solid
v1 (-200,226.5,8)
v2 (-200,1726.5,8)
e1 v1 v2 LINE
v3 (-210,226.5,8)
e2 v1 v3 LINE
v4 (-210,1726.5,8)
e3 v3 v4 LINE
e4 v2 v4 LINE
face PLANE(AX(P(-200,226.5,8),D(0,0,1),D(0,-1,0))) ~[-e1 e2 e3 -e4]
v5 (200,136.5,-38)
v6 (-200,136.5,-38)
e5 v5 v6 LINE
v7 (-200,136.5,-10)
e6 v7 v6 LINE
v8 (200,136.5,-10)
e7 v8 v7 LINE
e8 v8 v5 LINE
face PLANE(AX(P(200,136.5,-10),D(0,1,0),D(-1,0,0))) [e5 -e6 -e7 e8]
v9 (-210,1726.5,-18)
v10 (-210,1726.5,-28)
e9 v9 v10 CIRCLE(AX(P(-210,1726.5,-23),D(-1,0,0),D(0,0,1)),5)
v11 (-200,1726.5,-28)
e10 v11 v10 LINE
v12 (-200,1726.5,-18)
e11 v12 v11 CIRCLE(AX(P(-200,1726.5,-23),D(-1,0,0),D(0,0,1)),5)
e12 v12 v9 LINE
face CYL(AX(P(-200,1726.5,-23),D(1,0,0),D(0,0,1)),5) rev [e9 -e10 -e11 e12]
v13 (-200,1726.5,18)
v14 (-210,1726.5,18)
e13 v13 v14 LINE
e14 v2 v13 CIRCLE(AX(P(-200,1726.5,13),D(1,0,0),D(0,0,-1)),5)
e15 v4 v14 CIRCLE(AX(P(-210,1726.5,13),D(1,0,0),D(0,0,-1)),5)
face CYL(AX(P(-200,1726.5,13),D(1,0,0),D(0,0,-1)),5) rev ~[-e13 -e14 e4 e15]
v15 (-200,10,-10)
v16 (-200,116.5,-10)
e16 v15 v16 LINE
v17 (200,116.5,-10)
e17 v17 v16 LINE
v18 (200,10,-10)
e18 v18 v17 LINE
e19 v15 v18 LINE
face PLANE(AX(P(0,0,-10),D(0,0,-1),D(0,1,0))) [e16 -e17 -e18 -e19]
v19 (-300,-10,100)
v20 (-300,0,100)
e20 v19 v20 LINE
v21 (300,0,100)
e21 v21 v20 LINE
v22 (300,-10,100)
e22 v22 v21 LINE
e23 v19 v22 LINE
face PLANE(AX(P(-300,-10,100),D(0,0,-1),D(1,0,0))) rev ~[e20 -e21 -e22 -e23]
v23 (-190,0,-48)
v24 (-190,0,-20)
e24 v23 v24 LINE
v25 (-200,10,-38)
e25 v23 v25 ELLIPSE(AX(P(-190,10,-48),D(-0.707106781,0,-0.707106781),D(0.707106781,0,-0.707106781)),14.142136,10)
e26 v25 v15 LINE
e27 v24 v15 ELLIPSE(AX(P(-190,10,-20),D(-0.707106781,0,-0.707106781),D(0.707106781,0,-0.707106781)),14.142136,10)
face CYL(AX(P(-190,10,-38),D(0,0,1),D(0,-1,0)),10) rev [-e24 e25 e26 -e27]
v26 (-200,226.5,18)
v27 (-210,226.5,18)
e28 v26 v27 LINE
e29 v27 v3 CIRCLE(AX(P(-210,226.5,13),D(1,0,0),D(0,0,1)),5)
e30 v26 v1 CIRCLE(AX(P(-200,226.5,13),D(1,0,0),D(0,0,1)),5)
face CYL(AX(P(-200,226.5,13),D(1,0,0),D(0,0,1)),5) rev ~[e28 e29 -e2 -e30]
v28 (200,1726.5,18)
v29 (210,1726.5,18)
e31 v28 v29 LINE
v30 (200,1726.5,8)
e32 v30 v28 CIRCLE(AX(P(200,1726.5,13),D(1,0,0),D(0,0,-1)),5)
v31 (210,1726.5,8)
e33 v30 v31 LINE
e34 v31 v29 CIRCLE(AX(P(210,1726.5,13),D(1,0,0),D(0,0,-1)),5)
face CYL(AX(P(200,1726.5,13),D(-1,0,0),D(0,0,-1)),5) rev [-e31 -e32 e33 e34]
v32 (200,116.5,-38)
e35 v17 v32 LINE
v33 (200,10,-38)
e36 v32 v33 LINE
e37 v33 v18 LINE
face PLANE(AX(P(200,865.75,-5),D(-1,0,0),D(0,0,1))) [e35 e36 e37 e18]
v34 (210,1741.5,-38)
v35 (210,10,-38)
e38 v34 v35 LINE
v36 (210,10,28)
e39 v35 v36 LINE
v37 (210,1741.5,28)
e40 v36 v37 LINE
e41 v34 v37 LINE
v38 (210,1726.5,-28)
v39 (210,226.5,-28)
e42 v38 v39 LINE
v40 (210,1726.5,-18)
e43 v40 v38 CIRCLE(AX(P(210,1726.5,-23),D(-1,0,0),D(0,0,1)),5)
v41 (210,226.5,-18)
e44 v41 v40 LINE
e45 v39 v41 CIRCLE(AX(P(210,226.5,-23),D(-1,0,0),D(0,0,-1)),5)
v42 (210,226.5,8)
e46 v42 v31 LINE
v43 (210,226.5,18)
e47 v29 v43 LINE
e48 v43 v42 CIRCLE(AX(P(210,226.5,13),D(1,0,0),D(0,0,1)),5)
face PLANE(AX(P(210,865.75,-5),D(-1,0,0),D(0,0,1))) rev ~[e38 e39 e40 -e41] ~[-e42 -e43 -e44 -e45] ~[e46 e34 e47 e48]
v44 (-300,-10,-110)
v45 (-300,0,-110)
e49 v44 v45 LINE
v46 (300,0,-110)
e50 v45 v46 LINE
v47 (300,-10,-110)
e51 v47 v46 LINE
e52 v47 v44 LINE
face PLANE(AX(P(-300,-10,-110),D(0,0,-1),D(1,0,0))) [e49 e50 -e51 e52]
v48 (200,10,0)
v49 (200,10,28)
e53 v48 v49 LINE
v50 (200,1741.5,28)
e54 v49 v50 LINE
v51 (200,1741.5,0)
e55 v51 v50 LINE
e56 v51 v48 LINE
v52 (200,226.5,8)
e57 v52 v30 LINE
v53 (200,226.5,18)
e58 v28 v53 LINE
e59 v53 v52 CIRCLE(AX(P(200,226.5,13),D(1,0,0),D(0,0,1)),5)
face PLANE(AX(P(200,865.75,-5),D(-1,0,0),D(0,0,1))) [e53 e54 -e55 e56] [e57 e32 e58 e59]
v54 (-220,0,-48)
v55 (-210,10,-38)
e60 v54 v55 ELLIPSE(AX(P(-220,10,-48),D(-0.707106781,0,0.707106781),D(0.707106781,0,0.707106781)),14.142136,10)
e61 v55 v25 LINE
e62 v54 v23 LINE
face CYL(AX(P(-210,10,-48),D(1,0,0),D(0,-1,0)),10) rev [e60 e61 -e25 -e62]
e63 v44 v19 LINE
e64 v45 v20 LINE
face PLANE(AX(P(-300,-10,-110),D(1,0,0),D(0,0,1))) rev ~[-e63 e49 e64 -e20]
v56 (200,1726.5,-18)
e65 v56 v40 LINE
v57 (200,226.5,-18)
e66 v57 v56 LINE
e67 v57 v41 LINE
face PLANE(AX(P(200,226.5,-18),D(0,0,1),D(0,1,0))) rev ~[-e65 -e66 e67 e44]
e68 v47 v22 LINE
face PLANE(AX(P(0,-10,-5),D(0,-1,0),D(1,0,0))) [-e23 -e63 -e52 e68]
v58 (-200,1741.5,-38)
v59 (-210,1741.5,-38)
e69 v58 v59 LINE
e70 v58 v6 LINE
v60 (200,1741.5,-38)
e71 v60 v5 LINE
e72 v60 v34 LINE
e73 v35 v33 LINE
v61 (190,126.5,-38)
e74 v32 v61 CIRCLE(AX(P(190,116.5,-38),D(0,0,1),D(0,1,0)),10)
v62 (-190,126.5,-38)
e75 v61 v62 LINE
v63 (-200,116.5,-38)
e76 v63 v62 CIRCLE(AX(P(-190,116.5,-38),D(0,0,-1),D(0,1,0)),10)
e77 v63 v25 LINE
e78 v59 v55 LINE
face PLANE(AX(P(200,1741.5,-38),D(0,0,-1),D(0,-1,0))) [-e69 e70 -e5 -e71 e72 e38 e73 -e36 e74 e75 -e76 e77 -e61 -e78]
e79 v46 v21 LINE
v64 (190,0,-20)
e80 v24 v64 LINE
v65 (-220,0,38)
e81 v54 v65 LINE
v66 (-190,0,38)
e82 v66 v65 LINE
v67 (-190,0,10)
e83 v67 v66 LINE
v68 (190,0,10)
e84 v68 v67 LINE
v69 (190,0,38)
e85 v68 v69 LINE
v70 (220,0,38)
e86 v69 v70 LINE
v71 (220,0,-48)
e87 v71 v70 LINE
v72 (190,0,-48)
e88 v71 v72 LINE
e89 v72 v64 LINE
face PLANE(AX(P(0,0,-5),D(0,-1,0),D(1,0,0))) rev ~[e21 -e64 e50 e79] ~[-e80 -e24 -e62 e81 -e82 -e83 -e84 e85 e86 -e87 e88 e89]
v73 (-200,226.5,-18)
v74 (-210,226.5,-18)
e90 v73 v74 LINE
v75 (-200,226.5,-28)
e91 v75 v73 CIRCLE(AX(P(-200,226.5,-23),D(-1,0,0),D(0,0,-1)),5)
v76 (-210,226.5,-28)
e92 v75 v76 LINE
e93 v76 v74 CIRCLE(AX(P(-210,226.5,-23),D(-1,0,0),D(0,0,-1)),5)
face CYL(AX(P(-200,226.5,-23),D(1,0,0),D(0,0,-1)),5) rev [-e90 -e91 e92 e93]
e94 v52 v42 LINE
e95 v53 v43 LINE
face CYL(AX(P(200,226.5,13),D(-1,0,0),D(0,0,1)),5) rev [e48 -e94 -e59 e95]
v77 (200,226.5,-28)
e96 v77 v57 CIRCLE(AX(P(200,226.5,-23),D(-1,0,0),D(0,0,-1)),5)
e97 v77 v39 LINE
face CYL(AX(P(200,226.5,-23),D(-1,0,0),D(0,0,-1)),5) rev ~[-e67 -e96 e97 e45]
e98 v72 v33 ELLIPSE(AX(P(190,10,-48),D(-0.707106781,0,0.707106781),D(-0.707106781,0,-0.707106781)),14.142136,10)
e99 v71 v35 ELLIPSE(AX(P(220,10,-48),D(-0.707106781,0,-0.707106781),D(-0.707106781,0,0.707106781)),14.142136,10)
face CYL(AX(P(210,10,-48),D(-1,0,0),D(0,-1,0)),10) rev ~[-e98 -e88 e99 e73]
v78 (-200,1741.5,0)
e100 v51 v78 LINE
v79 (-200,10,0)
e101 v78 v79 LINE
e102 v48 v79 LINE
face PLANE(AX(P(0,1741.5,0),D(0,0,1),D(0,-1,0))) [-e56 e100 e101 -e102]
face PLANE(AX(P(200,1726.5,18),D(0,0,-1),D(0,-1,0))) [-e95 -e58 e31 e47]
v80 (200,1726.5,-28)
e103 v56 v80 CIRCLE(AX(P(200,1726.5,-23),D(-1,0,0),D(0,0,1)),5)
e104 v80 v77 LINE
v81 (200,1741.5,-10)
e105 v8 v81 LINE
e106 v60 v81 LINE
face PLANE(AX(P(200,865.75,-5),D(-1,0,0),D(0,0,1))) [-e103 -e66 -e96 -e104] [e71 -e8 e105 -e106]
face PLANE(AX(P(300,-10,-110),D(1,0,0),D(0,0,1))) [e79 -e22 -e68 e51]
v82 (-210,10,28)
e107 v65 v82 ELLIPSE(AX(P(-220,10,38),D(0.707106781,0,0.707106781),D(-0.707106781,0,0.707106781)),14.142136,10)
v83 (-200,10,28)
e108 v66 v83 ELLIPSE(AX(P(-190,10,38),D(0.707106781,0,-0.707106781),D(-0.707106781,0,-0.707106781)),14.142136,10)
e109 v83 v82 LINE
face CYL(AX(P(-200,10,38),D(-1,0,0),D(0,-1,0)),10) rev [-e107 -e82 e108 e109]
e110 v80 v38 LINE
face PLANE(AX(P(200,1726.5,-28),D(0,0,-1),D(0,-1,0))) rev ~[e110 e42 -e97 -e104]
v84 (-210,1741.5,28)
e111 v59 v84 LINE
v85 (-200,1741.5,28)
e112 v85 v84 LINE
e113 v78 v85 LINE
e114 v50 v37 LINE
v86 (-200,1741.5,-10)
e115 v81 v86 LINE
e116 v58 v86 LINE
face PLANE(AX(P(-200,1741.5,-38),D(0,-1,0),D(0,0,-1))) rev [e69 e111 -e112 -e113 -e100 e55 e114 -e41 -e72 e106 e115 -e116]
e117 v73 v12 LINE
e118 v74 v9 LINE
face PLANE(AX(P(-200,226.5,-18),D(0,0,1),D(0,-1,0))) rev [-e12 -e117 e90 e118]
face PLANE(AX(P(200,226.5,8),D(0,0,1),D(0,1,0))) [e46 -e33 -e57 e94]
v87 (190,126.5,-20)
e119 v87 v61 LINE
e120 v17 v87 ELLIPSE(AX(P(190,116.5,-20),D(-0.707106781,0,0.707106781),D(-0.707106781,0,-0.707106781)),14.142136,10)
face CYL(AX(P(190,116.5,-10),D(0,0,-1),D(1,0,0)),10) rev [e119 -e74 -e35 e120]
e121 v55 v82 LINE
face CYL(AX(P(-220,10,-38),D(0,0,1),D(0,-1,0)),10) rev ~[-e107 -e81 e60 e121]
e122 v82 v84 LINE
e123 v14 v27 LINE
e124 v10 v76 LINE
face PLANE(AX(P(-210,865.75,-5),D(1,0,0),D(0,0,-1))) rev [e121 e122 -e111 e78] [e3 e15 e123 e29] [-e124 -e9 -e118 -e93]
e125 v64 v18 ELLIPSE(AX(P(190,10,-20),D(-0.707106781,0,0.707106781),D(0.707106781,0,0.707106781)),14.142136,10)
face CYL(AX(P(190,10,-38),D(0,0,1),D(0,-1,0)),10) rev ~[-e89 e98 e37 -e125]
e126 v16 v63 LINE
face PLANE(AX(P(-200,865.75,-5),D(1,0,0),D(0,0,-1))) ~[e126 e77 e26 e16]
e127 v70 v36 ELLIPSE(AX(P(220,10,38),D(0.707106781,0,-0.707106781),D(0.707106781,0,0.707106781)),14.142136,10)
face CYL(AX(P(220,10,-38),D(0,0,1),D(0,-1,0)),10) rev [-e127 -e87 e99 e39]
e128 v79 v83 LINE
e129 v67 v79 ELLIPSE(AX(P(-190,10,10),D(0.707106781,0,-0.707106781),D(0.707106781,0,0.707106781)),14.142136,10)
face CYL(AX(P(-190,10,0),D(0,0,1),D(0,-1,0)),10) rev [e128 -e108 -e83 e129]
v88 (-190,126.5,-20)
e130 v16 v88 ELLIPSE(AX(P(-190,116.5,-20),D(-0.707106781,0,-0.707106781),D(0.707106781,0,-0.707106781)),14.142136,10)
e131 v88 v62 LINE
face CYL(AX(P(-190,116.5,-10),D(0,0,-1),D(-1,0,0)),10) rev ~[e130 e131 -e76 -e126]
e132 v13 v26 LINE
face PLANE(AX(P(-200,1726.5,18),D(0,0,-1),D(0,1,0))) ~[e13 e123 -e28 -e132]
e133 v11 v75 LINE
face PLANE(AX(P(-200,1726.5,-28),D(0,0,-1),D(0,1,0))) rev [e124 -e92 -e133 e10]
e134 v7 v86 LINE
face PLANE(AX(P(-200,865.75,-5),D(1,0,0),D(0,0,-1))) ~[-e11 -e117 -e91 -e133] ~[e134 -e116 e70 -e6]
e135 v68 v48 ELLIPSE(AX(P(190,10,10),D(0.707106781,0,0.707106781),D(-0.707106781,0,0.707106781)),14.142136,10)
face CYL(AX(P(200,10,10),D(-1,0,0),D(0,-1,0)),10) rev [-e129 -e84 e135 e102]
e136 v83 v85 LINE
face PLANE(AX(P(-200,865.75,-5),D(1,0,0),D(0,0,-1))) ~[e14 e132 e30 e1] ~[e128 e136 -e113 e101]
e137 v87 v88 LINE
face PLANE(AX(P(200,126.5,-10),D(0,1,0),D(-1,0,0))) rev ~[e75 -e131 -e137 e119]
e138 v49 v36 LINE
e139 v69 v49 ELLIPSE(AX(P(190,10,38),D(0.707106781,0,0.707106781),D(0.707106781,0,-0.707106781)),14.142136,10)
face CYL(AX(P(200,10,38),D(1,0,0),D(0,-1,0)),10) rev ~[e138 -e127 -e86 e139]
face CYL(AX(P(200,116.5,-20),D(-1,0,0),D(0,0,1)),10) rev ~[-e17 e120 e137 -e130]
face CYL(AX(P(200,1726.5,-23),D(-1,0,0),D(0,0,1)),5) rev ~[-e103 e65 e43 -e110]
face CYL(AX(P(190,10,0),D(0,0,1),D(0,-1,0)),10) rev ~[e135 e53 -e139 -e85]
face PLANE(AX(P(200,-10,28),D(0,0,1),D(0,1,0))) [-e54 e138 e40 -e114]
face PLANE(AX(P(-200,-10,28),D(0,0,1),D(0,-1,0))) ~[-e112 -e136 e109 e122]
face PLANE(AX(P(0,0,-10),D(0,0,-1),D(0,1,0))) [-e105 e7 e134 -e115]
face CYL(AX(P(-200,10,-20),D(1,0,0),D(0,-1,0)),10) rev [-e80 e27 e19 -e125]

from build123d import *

# Parameters (mm, degrees)
WALL_EXTRUDE_DEPTH           = 200
RIGHT_GUIDE_EXTRUDE_DEPTH    = 10
SKETCH3_W                    = 600
SKETCH3_H                    = 210
BOTTOM_FOOT_COMPLETION_DEPTH = 10
SKETCH4_W                    = 400
SKETCH4_H                    = 10
PLATFORM_STOPPER_DEPTH       = 28
STRUCTURAL_FILLETS_R         = 10


with BuildPart() as part:
    # Sketch1 → Wall extrude (new, symmetric)
    with BuildSketch(Plane(origin=(0, 0, 0), x_dir=(0, 0, -1), z_dir=(1, 0, 0))):
        Polygon((0, 0), (-100, 0), (-100, -10), (10, -10), (110, -10), (110, 0), (10, 0), (10, 1741.5), (0, 1741.5), align=None)
    extrude(amount=WALL_EXTRUDE_DEPTH, both=True)

    # Sketch2 → Right guide extrude (add)
    with BuildSketch(Plane(origin=(200, 0, 0), x_dir=(0, 0, -1), z_dir=(1, 0, 0))):
        Polygon((0, 1741.5), (38, 1741.5), (38, -10), (0, -10), (-28, -10), (-28, 1741.5), align=None)
        with BuildLine():
            Line((18, 226.5), (18, 1726.5))
            ThreePointArc((18, 1726.5), (23, 1731.5), (28, 1726.5))
            Line((28, 1726.5), (28, 226.5))
            ThreePointArc((28, 226.5), (23, 221.5), (18, 226.5))
        make_face(mode=Mode.SUBTRACT)
        with BuildLine():
            Line((-18, 1726.5), (-18, 226.5))
            ThreePointArc((-18, 226.5), (-13, 221.5), (-8, 226.5))
            Line((-8, 226.5), (-8, 1726.5))
            ThreePointArc((-8, 1726.5), (-13, 1731.5), (-18, 1726.5))
        make_face(mode=Mode.SUBTRACT)
    right_guide_extrude = extrude(amount=RIGHT_GUIDE_EXTRUDE_DEPTH)

    # Left guide extrude: Right guide extrude across plane
    add(right_guide_extrude.mirror(Plane(origin=(0, 0, 0), x_dir=(0, 0, 1), z_dir=(1, 0, 0))))

    # Sketch3 → Bottom foot completion (add)
    with BuildSketch(Plane.XZ.offset(10)):
        with Locations((0, -5)):
            Rectangle(SKETCH3_W, SKETCH3_H)
    extrude(amount=-BOTTOM_FOOT_COMPLETION_DEPTH)

    # Sketch4 → Platform stopper (add)
    with BuildSketch(Plane(origin=(0, 0, -10), x_dir=(-1, 0, 0), z_dir=(0, 0, -1))):
        with Locations((0, 131.5)):
            Rectangle(SKETCH4_W, SKETCH4_H)
    extrude(amount=PLATFORM_STOPPER_DEPTH)

    # Structural fillets
    structural_fillets_edges = [part.edges().sort_by_distance(p)[0] for p in [
        (205, 0, 28),
        (205, 0, -38),
        (210, 0, -5),
        (-205, 0, -38),
        (-210, 0, -5),
        (-205, 0, 28),
        (-200, 0, 14),
        (-200, 126.5, -24),
        (200, 126.5, -24),
        (0, 126.5, -10),
        (0, 0, -10),
        (0, 0, 0),
        (200, 0, -24),
        (-200, 0, -24),
        (200, 0, 14),
    ]]
    fillet(structural_fillets_edges, radius=STRUCTURAL_FILLETS_R)


solid = part.part
